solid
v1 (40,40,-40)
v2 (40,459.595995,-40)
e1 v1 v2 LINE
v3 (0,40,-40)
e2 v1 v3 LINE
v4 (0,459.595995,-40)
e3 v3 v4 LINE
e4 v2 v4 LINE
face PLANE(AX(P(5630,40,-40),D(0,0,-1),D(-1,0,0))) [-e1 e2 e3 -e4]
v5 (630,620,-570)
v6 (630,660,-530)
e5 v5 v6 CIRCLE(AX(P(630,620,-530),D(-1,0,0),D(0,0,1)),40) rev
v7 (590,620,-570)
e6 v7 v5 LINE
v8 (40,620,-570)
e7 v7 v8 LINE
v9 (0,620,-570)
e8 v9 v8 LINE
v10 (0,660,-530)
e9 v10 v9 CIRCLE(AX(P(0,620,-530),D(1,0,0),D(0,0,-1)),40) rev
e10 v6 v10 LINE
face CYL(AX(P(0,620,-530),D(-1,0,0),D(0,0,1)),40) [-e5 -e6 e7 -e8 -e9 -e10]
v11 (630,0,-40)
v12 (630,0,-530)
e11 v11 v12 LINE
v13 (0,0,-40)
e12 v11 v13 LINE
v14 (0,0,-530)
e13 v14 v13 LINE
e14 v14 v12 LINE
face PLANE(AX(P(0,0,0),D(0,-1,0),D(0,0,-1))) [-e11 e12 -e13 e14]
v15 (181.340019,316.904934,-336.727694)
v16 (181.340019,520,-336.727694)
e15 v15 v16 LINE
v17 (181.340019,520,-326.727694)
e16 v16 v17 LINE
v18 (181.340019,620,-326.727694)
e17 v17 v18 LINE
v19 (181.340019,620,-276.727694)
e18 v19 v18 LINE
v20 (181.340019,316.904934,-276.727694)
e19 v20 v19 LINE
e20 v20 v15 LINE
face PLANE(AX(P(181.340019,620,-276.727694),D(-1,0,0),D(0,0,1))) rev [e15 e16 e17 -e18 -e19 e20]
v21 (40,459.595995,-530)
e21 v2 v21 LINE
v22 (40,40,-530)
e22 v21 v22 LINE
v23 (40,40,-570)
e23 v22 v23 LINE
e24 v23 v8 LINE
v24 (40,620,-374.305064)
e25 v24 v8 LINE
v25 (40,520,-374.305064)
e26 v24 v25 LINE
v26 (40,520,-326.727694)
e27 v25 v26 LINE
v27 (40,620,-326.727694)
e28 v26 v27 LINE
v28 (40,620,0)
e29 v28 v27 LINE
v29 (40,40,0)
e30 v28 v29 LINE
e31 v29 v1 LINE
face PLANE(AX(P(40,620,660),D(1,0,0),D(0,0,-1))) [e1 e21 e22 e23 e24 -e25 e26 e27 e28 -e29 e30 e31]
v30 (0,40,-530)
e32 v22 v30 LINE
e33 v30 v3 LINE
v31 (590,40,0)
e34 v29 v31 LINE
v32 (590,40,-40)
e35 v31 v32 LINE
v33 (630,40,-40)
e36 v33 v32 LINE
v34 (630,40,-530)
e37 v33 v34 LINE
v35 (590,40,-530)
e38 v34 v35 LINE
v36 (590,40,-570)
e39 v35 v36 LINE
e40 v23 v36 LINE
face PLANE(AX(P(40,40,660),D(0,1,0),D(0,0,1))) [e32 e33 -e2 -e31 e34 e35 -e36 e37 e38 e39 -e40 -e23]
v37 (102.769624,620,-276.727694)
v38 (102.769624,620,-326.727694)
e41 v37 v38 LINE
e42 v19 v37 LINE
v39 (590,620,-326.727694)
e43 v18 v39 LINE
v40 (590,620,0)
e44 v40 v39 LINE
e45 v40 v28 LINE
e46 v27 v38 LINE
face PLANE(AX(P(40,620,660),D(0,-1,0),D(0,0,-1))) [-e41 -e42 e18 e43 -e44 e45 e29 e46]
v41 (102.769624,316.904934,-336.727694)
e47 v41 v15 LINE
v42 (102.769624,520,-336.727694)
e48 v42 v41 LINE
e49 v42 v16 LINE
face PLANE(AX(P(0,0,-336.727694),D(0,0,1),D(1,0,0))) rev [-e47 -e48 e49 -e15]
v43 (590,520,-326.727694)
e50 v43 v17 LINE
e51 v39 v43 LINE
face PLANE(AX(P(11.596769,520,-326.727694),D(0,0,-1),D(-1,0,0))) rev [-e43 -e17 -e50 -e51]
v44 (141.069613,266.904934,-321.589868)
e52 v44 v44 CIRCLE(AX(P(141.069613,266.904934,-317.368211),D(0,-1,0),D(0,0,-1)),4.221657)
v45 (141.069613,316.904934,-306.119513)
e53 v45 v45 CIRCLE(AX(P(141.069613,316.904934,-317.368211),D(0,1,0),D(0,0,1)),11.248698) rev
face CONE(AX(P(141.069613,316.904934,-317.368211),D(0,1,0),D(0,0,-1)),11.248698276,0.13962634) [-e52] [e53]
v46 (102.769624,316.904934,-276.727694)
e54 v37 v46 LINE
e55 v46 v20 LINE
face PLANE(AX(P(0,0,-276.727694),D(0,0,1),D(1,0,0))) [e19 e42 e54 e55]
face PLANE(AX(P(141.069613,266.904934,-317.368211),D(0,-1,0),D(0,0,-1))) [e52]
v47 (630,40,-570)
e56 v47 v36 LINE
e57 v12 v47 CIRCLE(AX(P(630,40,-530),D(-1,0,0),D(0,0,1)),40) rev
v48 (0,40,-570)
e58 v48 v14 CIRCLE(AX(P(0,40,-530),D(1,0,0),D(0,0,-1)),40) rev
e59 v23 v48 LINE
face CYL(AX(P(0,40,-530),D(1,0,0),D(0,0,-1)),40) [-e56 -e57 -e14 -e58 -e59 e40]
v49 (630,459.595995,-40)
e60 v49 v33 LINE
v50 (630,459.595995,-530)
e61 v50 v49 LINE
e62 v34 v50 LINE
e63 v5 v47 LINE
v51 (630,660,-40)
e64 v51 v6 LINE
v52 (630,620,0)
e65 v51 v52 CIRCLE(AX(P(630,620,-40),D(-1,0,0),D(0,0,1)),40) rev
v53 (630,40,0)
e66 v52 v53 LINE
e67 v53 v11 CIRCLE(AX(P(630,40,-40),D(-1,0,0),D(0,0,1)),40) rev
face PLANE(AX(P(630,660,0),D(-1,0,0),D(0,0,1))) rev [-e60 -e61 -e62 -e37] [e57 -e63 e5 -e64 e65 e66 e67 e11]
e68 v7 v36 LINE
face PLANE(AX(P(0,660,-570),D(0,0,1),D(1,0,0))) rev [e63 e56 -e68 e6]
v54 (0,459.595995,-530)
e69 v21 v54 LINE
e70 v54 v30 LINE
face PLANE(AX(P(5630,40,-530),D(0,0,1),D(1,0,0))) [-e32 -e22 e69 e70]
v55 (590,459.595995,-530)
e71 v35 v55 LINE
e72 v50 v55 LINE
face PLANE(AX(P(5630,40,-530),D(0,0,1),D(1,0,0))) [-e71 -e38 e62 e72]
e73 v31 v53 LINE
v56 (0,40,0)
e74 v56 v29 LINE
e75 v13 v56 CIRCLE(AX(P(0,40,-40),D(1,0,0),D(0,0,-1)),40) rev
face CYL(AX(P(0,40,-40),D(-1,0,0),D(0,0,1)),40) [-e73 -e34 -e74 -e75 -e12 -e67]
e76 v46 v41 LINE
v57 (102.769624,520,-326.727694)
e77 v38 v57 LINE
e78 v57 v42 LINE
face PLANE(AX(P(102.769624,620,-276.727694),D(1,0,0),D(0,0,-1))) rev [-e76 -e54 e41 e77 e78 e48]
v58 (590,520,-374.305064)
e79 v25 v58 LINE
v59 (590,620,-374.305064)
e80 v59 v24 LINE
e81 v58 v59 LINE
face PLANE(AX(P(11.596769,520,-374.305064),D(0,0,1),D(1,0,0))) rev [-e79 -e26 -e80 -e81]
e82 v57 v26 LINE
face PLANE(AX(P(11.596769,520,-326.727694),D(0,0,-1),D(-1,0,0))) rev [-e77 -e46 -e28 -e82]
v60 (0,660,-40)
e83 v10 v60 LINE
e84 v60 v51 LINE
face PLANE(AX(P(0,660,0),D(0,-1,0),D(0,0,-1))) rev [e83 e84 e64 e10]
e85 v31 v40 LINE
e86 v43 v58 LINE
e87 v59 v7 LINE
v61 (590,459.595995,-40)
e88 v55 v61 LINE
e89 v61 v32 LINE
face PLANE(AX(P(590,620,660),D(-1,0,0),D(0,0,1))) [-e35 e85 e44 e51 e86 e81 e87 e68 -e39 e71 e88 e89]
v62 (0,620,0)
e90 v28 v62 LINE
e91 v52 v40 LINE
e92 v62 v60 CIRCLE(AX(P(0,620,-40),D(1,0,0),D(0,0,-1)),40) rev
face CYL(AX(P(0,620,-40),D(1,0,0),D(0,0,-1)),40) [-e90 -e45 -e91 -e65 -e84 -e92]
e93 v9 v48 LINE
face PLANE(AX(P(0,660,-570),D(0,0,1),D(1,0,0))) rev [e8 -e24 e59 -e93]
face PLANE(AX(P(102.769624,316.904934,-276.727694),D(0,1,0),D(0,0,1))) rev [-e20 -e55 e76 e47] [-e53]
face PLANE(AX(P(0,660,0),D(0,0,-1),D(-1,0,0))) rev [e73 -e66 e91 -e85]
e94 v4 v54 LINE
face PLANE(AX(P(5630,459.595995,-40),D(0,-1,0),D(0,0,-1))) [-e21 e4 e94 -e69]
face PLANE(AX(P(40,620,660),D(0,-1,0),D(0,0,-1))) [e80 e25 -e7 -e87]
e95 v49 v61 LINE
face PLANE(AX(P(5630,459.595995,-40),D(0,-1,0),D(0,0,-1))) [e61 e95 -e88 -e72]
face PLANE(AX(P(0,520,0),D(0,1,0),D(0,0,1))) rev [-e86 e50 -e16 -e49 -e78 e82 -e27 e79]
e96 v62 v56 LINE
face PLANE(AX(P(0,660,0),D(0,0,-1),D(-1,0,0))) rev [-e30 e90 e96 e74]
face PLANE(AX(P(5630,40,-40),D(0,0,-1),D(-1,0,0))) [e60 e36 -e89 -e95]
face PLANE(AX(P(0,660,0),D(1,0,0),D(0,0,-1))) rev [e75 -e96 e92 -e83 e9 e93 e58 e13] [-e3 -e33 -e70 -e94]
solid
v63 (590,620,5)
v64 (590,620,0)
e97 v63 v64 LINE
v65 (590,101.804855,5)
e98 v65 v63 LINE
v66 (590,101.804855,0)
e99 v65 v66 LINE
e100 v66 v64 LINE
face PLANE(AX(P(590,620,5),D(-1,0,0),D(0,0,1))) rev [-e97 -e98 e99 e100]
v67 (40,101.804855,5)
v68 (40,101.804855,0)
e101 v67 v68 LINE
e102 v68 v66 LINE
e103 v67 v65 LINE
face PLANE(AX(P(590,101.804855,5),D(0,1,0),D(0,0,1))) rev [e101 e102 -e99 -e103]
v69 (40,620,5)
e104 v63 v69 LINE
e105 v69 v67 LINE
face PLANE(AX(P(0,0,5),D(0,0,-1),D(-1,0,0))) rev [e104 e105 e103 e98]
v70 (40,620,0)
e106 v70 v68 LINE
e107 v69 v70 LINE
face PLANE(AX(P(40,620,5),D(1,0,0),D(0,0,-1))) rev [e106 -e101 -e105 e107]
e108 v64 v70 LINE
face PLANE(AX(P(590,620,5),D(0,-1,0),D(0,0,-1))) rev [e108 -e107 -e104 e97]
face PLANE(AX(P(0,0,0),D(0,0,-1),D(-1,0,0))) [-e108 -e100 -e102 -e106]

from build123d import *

# Parameters (mm, degrees)
SKETCH1_W                = 630
SKETCH1_H                = 570
BOSS_EXTRUDE1_DEPTH      = 660
FILLET1_R                = 40
CUT_EXTRUDE1_DEPTH       = 660
CUT_EXTRUDE1_DEPTH_BACK  = 5000
SKETCH3_W                = 550
SKETCH3_H                = 580
CUT_EXTRUDE2_DEPTH       = 5000
CUT_EXTRUDE2_DEPTH_BACK  = 5000
SKETCH4_W                = 490
SKETCH4_H                = 419.595995266
SKETCH5_W                = 601.346764223
SKETCH5_H                = 47.577370451
BOSS_EXTRUDE2_DEPTH      = 100
BOSS_EXTRUDE3_DEPTH      = 50
BOSS_EXTRUDE3_DEPTH_BACK = 10
SKETCH6_W                = 78.570394343
SKETCH6_H                = 303.095065724
SKETCH7_R                = 11.248698276
BOSS_EXTRUDE4_DEPTH      = 50
BOSS_EXTRUDE4_TAPER      = 8
SKETCH8_W                = 550
SKETCH8_H                = 518.195144688
BOSS_EXTRUDE5_DEPTH      = 5


with BuildPart() as part:
    # Sketch1 → Boss-Extrude1 (new body)
    with BuildSketch(Plane(origin=(0, 0, 0), x_dir=(1, 0, 0), z_dir=(0, 1, 0))):
        with Locations((315, 285)):
            Rectangle(SKETCH1_W, SKETCH1_H)
    extrude(amount=BOSS_EXTRUDE1_DEPTH)

    # Fillet1
    fillet1_edges = [part.edges().sort_by_distance(p)[0] for p in [
        (315, 0, -570),
        (315, 660, -570),
        (315, 0, 0),
        (315, 660, 0),
    ]]
    fillet(fillet1_edges, radius=FILLET1_R)

    # Sketch3 → Cut-Extrude1 (cut, two sides: drawn at the far end of the back side and taken through both)
    with BuildSketch(Plane.XY.offset(-CUT_EXTRUDE1_DEPTH_BACK)):
        with Locations((315, 330)):
            Rectangle(SKETCH3_W, SKETCH3_H)
    extrude(amount=CUT_EXTRUDE1_DEPTH + CUT_EXTRUDE1_DEPTH_BACK, mode=Mode.SUBTRACT)

    # Sketch4 → Cut-Extrude2 (cut, two sides: drawn at the far end of the back side and taken through both)
    with BuildSketch(Plane(origin=(630, 0, 0), x_dir=(0, 0, -1), z_dir=(1, 0, 0)).offset(-CUT_EXTRUDE2_DEPTH_BACK)):
        with Locations((285, 249.797997633)):
            Rectangle(SKETCH4_W, SKETCH4_H)
    extrude(amount=CUT_EXTRUDE2_DEPTH + CUT_EXTRUDE2_DEPTH_BACK, mode=Mode.SUBTRACT)

    # Sketch5 → Boss-Extrude2 (add)
    with BuildSketch(Plane(origin=(0, 620, 0), x_dir=(-1, 0, 0), z_dir=(0, -1, 0))):
        with Locations((-312.270150876, 350.516378981)):
            Rectangle(SKETCH5_W, SKETCH5_H)
    extrude(amount=BOSS_EXTRUDE2_DEPTH)

    # Sketch6 → Boss-Extrude3 (add, two sides: drawn at the far end of the back side and taken through both)
    with BuildSketch(Plane.XY.offset(-326.727693756).offset(-BOSS_EXTRUDE3_DEPTH_BACK)):
        with Locations((142.054821649, 468.452467138)):
            Rectangle(SKETCH6_W, SKETCH6_H)
    extrude(amount=BOSS_EXTRUDE3_DEPTH + BOSS_EXTRUDE3_DEPTH_BACK)

    # Sketch7 → Boss-Extrude4 (add)
    with BuildSketch(Plane(origin=(0, 316.904934276, 0), x_dir=(-1, 0, 0), z_dir=(0, -1, 0))):
        with Locations((-141.069612942, 317.368211044)):
            Circle(SKETCH7_R)
    extrude(amount=BOSS_EXTRUDE4_DEPTH, taper=BOSS_EXTRUDE4_TAPER)


with BuildPart() as body_2:
    # Sketch8 → Boss-Extrude5 (new body)
    with BuildSketch(Plane.XY):
        with Locations((315, 360.902427656)):
            Rectangle(SKETCH8_W, SKETCH8_H)
    extrude(amount=BOSS_EXTRUDE5_DEPTH)


solid = Compound([part.part, body_2.part])
